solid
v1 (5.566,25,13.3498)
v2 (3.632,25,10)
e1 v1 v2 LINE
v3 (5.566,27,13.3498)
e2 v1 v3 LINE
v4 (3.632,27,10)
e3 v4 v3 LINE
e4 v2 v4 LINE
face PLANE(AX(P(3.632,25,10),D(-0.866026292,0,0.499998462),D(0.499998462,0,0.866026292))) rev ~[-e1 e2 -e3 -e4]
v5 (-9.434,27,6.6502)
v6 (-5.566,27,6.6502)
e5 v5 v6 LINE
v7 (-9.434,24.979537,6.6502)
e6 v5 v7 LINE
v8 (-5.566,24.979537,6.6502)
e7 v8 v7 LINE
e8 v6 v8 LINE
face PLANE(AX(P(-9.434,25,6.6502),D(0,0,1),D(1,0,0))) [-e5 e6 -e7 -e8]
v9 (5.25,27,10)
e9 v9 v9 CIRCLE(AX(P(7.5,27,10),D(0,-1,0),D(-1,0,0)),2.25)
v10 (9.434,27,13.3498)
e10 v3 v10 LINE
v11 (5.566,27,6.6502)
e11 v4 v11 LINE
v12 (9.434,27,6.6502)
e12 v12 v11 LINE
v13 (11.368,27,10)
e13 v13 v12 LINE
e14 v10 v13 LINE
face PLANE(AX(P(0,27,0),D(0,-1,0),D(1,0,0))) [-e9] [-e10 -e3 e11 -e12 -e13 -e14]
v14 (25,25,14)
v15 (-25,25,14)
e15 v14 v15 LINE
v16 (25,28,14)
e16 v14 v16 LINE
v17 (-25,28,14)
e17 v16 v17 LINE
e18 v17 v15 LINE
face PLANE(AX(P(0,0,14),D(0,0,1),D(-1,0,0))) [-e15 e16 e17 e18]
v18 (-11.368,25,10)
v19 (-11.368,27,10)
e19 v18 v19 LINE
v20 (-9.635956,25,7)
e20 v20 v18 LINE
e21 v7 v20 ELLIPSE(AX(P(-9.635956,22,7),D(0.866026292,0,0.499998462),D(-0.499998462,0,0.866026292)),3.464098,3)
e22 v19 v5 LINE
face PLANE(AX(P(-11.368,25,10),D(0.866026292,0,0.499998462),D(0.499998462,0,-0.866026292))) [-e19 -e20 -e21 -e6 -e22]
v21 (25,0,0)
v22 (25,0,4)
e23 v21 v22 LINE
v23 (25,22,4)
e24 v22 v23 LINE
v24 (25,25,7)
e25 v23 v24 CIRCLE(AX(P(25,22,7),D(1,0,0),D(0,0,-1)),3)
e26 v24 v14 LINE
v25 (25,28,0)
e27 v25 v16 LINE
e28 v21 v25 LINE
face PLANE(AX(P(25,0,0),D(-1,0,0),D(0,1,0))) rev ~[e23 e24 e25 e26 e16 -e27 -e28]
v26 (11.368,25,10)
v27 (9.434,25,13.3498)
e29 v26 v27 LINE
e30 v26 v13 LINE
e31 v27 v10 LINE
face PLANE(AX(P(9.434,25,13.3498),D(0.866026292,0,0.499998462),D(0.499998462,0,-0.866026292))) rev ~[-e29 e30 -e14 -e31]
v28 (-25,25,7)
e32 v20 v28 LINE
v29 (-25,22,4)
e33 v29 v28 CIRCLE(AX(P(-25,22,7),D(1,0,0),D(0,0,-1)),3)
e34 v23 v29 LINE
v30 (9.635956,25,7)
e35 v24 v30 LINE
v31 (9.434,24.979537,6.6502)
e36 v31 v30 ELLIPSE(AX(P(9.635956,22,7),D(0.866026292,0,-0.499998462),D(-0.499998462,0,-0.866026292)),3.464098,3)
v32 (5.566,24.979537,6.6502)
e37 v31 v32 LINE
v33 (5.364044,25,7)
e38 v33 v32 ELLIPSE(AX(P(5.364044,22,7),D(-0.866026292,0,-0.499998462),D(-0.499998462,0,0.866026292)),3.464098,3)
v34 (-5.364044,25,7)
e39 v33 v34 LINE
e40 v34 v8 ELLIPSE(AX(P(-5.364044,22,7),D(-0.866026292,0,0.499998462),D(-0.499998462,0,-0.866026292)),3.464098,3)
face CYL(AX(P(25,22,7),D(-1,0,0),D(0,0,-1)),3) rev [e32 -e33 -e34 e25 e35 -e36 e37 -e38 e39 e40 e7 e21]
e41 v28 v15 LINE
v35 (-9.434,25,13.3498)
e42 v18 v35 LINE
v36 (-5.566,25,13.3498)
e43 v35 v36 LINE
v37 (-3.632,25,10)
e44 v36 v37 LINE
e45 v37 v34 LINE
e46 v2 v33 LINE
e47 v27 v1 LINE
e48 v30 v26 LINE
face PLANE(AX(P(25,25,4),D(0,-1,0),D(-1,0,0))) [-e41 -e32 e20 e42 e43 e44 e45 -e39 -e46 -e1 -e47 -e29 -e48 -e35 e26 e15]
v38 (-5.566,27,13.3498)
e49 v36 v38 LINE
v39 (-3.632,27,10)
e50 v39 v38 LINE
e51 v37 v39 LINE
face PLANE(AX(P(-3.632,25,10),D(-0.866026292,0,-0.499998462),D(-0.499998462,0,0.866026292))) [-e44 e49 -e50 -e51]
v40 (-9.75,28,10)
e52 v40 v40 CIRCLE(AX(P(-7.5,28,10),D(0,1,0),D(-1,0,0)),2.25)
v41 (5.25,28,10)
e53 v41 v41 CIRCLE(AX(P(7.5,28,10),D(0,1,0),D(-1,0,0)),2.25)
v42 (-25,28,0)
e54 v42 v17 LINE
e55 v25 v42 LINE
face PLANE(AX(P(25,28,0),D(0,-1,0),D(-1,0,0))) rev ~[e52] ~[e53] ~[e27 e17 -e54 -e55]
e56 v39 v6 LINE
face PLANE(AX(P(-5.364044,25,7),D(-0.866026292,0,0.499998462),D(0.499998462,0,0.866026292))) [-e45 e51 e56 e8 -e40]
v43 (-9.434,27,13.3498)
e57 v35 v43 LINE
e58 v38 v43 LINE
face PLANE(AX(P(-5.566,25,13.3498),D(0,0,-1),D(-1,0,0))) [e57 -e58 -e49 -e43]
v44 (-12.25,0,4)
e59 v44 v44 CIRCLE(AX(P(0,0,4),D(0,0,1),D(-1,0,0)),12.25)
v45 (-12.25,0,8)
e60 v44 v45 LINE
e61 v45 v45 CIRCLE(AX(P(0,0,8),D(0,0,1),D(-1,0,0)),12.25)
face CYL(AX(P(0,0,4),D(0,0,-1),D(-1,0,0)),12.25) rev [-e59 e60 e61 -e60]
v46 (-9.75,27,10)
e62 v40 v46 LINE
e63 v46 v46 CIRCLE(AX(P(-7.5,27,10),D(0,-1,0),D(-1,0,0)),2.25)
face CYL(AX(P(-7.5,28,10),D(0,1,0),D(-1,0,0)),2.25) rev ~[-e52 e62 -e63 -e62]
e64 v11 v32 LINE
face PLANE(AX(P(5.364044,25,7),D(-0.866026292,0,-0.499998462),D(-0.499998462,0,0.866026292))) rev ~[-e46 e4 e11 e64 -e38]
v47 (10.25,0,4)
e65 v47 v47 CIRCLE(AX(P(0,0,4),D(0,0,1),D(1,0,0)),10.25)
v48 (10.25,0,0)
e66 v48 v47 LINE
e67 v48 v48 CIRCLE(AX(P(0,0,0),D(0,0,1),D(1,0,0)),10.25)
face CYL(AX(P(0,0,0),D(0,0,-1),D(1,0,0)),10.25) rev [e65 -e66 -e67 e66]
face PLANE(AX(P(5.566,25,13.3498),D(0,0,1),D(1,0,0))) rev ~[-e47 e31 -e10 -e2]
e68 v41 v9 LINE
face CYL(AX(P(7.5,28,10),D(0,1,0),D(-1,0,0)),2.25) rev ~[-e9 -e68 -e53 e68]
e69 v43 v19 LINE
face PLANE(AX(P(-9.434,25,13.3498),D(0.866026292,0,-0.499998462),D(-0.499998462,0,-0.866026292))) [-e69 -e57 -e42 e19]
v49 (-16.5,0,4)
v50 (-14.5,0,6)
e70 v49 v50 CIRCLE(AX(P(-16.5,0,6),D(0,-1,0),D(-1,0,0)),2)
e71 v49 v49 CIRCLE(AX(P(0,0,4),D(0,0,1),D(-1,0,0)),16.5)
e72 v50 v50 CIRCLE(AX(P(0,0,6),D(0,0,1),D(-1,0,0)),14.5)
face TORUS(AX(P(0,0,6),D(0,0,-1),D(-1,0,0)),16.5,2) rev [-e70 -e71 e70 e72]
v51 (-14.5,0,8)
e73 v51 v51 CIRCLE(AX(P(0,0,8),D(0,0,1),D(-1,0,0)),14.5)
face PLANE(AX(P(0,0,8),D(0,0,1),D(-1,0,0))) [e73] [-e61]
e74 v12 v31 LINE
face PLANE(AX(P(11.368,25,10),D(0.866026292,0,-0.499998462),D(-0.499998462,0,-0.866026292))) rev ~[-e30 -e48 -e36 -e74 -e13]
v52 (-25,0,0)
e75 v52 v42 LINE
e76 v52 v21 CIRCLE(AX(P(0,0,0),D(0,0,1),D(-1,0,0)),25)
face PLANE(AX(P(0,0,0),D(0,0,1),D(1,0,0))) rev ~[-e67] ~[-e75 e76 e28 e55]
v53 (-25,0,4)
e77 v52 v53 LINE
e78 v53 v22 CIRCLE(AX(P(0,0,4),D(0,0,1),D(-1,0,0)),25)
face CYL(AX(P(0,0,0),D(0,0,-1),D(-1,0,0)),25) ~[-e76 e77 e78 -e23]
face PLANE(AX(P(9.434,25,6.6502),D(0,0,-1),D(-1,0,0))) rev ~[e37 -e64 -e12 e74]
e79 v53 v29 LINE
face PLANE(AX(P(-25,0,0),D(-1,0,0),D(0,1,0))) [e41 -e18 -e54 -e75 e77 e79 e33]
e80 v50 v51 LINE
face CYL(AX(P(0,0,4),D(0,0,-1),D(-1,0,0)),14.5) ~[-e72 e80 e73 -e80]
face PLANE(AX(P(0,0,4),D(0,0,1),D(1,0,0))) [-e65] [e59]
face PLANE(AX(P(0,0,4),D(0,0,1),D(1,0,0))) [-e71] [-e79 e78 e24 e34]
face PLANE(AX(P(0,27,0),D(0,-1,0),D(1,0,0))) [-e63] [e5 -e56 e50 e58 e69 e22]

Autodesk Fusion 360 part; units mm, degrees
sketch "Esboço1" plane through (0, 0, 0) normal (0, 0, 1) x (1, 0, 0)
  line L0 (25, 28) -> (-25, 28)
  line L1 (-25, 0) -> (-25, 28)
  line L2 (25, 0) -> (25, 28)
  arc A0 (-25, 0) -> (25, 0) centre (0, 0) ccw
  circle A1 centre (0, 0) radius 10.25
  dimension "d1" = 50
  dimension "d3" = 28
  dimension "d4" = 20.5
extrude "Extrusão1" add sketch "Esboço1" along normal blind 4
sketch "Esboço2" plane through (0, 0, 4) normal (0, 0, 1) x (-1, 0, 0)
  circle A0 centre (0, 0) radius 10.25
  arc A1 (25, 0) -> (-25, 0) centre (0, 0) ccw
  line L0 (-25, 0) -> (-25, -28)
  line L1 (-25, -28) -> (25, -28)
  line L2 (25, -28) -> (25, 0)
  line L3 (25, -28) -> (-25, -28)
  line L4 (-25, -28) -> (-25, -25)
  line L5 (-25, -25) -> (25, -25)
  line L6 (25, -25) -> (25, -28)
  dimension "d7" = 3
extrude "Extrusão2" add sketch "Esboço2" along normal blind 10 contours L0 L1 L2 L3 L4 L5 L6
fillet "Arredondamento2" radius 3 1 edges at (0, 25, 4)
sketch "Esboço3" plane through (0, 28, 0) normal (0, 1, 0) x (-1, 0, 0)
  line L0 (-25, 0) -> (25, 0)
  line L1 (25, 0) -> (25, 14)
  line L2 (25, 14) -> (-25, 14)
  line L3 (-25, 14) -> (-25, 0)
  circle A0 centre (-7.5, 10) radius 2.25
  line L4 (0, -15) -> (0, 41) construction
  circle A1 centre (7.5, 10) radius 2.25
  dimension "d14" = 4.5
  dimension "d15" = 10
  dimension "d25" = 7.5
extrude "Extrusão3" cut sketch "Esboço3" against normal up to surface (3 mm away) contours A0 | A1
sketch "Esboço4" plane through (0, 0, 4) normal (0, 0, 1) x (-1, 0, 0)
  line L0 (-25, -22) -> (25, -22)
  line L1 (25, -22) -> (25, 0)
  arc A0 (25, 0) -> (-25, 0) centre (0, 0) ccw
  line L2 (-25, 0) -> (-25, -22)
  circle A1 centre (0, 0) radius 10.25
  circle A2 centre (0, 0) radius 12.25
  circle A3 centre (0, 0) radius 14.5
  dimension "d19" = 24.5
  dimension "d20" = 29
extrude "Extrusão4" add sketch "Esboço4" along normal blind 4 contours A3
fillet "Arredondamento3" radius 2 1 edges at (13.5187, -5.2434, 4)
sketch "Esboço5" plane through (0, 25, 0) normal (0, -1, 0) x (1, 0, 0)
  circle A0 centre (7.5, 10) radius 2.25
  circle A1 centre (-7.5, 10) radius 2.25
  line L0 (-25, 7) -> (25, 7)
  line L1 (25, 7) -> (25, 14)
  line L2 (25, 14) -> (-25, 14)
  line L3 (-25, 14) -> (-25, 7)
  line L4 (-5.566, 13.3498) -> (-9.434, 13.3498)
  line L5 (-9.434, 13.3498) -> (-11.368, 10)
  line L6 (-11.368, 10) -> (-9.434, 6.6502)
  line L7 (-9.434, 6.6502) -> (-5.566, 6.6502)
  line L8 (-5.566, 6.6502) -> (-3.632, 10)
  line L9 (-3.632, 10) -> (-5.566, 13.3498)
  line L10 (0, 0) -> (0, 14) construction
  line L11 (3.632, 10) -> (5.566, 13.3498)
  line L12 (5.566, 13.3498) -> (9.434, 13.3498)
  line L13 (9.434, 13.3498) -> (11.368, 10)
  line L14 (11.368, 10) -> (9.434, 6.6502)
  line L15 (9.434, 6.6502) -> (5.566, 6.6502)
  line L16 (5.566, 6.6502) -> (3.632, 10)
  point P0 (-7.5, 10)
  dimension "d26" = 7.736
extrude "Extrusão5" cut sketch "Esboço5" along normal mid plane 4 contours L0 L4 L5 L6 L8 L9 | L0 L6 L7 L8 | L0 L11 L12 L13 L14 L16 | L0 L14 L15 L16
equation "d8 = 7.75 mm + ( 4.5 / 2 ) * 1 mm"
equation "d15 = 7.75 mm + ( 4.5 / 2 ) * 1 mm"
equation "d25 = ( 15 / 2 ) * 1 mm"
